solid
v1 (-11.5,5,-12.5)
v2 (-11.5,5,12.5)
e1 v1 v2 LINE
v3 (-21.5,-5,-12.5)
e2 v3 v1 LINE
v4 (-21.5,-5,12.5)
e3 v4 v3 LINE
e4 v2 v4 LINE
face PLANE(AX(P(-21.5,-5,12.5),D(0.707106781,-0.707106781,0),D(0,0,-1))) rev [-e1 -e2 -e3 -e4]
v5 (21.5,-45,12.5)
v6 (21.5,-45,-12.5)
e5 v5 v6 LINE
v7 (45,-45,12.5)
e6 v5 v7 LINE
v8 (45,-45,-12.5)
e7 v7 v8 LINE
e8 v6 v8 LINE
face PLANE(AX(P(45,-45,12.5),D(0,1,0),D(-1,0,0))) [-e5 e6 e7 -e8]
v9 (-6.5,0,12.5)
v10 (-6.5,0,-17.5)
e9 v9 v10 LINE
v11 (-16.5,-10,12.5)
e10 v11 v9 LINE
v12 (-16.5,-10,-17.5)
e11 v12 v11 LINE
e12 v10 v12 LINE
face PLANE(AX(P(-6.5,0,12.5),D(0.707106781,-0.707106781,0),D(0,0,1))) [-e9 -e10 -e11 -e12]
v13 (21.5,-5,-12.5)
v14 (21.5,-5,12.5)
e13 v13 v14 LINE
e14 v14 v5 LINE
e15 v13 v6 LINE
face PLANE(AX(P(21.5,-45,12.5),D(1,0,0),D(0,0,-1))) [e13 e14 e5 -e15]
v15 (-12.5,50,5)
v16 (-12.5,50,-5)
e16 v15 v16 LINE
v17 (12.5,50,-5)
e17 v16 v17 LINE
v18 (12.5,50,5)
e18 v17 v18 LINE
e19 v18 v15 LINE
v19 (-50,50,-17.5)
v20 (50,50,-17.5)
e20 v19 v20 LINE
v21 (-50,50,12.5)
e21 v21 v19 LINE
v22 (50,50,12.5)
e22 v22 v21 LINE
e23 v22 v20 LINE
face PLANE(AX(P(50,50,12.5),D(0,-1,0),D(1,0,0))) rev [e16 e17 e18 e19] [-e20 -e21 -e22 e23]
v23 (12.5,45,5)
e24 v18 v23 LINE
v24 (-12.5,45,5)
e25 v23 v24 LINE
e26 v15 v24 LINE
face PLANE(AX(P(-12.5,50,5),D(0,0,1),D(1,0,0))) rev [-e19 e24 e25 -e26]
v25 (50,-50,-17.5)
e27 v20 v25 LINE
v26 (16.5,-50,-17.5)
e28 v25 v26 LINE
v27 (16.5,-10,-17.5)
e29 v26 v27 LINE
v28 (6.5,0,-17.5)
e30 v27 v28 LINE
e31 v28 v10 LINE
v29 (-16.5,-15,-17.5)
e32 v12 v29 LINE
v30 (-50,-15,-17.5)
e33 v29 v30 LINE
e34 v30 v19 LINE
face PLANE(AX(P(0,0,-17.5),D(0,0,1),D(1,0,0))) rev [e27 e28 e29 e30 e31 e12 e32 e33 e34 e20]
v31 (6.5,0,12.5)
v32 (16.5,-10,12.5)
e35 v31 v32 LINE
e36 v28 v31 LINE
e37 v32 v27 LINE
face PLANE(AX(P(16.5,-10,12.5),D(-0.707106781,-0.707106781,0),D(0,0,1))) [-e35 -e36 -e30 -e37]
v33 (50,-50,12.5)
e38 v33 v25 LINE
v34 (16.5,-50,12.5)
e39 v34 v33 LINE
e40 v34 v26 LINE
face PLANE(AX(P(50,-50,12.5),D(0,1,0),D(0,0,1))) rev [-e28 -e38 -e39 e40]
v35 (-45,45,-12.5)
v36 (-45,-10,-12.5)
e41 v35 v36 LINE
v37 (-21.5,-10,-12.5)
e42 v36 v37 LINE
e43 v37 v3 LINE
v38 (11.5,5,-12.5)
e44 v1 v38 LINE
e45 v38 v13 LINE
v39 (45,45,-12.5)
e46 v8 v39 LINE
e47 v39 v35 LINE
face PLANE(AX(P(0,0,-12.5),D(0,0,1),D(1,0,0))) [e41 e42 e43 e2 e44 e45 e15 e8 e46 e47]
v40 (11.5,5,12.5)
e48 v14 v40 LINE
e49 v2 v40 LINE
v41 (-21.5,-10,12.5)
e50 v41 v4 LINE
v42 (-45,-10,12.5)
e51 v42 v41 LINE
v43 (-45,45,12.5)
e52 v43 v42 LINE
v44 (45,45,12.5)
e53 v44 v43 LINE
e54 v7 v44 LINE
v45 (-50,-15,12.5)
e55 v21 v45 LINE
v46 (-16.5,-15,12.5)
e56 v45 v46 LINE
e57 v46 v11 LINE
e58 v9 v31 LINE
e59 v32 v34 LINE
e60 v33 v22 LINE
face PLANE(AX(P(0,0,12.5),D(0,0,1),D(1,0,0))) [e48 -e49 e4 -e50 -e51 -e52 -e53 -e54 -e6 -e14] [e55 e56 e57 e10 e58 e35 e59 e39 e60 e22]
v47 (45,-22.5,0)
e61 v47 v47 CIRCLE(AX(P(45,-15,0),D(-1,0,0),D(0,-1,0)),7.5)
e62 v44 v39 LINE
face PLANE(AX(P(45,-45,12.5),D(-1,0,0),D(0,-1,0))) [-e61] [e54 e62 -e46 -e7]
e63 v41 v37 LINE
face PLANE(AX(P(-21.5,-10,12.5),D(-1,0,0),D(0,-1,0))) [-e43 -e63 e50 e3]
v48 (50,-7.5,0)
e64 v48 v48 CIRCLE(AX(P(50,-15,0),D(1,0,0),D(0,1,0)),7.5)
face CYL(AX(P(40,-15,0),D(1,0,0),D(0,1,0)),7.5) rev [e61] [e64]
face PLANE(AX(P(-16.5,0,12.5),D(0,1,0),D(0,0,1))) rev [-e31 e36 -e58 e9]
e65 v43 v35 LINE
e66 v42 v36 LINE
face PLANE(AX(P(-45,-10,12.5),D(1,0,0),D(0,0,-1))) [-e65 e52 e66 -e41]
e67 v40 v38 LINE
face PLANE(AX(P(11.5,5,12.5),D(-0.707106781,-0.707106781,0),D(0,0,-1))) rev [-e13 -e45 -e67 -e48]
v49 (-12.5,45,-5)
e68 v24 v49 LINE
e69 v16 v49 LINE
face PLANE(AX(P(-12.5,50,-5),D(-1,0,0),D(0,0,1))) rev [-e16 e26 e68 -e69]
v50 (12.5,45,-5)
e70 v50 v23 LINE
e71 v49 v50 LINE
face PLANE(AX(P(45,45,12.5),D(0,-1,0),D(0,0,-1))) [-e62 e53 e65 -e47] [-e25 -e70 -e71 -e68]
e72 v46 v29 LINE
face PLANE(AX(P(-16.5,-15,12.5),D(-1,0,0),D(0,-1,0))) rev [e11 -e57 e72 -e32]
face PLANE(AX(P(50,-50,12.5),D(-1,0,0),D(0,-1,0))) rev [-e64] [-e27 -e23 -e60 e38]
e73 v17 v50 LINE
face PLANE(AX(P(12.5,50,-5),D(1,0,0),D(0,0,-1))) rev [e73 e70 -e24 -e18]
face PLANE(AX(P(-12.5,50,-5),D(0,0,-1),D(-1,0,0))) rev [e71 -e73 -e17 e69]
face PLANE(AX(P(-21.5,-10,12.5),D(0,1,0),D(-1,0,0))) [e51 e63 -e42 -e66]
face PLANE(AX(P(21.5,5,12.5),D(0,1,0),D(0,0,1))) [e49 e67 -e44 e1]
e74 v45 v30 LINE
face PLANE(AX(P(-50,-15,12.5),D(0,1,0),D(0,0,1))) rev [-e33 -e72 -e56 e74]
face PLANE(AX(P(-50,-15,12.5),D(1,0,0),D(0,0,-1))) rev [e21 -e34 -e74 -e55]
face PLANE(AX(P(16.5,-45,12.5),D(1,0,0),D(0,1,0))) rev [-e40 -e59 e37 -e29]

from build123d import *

# Parameters (mm, degrees)
BOSS_EXTRUDE1_DEPTH = 12.5
BOSS_EXTRUDE2_DEPTH = 5
SKETCH3_W           = 25
SKETCH3_H           = 10
CUT_EXTRUDE1_DEPTH  = 109.771549589
SKETCH4_R           = 7.5
CUT_EXTRUDE2_DEPTH  = 10
CHAMFER2_SIZE       = 10
CHAMFER3_SIZE       = 10


with BuildPart() as part:
    # Sketch1 → Boss-Extrude1 (new, symmetric)
    with BuildSketch(Plane.XY):
        Polygon((50, -50), (16.5, -50), (16.5, -45), (16.5, 0), (-16.5, 0), (-16.5, -15), (-50, -15), (-50, 50), (50, 50), align=None)
        Polygon((45, -45), (45, 45), (-45, 45), (-45, -10), (-21.5, -10), (-21.5, 5), (21.5, 5), (21.5, -45), align=None, mode=Mode.SUBTRACT)
    extrude(amount=BOSS_EXTRUDE1_DEPTH, both=True)

    # Sketch2 → Boss-Extrude2 (add)
    with BuildSketch(Plane(origin=(0, 0, -12.5), x_dir=(-1, 0, 0), z_dir=(0, 0, -1))):
        Polygon((-16.5, 0), (16.5, 0), (16.5, -15), (50, -15), (50, 50), (-50, 50), (-50, -50), (-16.5, -50), align=None)
    extrude(amount=BOSS_EXTRUDE2_DEPTH)

    # Sketch3 → Cut-Extrude1 (cut, through all)
    with BuildSketch(Plane.XZ.offset(-45)):
        Rectangle(SKETCH3_W, SKETCH3_H)
    extrude(amount=-CUT_EXTRUDE1_DEPTH, mode=Mode.SUBTRACT)

    # Sketch4 → Cut-Extrude2 (cut)
    with BuildSketch(Plane(origin=(50, 0, 0), x_dir=(0, 0, -1), z_dir=(1, 0, 0))):
        with Locations(Location((0, -15, 0), (0, 0, 90))):
            Circle(SKETCH4_R)
    extrude(amount=-CUT_EXTRUDE2_DEPTH, mode=Mode.SUBTRACT)

    # Chamfer2
    chamfer2_edges = [part.edges().sort_by_distance(p)[0] for p in [
        (16.5, 0, -2.5),
        (-16.5, 0, -2.5),
    ]]
    chamfer(chamfer2_edges, length=CHAMFER2_SIZE)

    # Chamfer3
    chamfer3_edges = [part.edges().sort_by_distance(p)[0] for p in [
        (-21.5, 5, 0),
        (21.5, 5, 0),
    ]]
    chamfer(chamfer3_edges, length=CHAMFER3_SIZE)


solid = part.part
